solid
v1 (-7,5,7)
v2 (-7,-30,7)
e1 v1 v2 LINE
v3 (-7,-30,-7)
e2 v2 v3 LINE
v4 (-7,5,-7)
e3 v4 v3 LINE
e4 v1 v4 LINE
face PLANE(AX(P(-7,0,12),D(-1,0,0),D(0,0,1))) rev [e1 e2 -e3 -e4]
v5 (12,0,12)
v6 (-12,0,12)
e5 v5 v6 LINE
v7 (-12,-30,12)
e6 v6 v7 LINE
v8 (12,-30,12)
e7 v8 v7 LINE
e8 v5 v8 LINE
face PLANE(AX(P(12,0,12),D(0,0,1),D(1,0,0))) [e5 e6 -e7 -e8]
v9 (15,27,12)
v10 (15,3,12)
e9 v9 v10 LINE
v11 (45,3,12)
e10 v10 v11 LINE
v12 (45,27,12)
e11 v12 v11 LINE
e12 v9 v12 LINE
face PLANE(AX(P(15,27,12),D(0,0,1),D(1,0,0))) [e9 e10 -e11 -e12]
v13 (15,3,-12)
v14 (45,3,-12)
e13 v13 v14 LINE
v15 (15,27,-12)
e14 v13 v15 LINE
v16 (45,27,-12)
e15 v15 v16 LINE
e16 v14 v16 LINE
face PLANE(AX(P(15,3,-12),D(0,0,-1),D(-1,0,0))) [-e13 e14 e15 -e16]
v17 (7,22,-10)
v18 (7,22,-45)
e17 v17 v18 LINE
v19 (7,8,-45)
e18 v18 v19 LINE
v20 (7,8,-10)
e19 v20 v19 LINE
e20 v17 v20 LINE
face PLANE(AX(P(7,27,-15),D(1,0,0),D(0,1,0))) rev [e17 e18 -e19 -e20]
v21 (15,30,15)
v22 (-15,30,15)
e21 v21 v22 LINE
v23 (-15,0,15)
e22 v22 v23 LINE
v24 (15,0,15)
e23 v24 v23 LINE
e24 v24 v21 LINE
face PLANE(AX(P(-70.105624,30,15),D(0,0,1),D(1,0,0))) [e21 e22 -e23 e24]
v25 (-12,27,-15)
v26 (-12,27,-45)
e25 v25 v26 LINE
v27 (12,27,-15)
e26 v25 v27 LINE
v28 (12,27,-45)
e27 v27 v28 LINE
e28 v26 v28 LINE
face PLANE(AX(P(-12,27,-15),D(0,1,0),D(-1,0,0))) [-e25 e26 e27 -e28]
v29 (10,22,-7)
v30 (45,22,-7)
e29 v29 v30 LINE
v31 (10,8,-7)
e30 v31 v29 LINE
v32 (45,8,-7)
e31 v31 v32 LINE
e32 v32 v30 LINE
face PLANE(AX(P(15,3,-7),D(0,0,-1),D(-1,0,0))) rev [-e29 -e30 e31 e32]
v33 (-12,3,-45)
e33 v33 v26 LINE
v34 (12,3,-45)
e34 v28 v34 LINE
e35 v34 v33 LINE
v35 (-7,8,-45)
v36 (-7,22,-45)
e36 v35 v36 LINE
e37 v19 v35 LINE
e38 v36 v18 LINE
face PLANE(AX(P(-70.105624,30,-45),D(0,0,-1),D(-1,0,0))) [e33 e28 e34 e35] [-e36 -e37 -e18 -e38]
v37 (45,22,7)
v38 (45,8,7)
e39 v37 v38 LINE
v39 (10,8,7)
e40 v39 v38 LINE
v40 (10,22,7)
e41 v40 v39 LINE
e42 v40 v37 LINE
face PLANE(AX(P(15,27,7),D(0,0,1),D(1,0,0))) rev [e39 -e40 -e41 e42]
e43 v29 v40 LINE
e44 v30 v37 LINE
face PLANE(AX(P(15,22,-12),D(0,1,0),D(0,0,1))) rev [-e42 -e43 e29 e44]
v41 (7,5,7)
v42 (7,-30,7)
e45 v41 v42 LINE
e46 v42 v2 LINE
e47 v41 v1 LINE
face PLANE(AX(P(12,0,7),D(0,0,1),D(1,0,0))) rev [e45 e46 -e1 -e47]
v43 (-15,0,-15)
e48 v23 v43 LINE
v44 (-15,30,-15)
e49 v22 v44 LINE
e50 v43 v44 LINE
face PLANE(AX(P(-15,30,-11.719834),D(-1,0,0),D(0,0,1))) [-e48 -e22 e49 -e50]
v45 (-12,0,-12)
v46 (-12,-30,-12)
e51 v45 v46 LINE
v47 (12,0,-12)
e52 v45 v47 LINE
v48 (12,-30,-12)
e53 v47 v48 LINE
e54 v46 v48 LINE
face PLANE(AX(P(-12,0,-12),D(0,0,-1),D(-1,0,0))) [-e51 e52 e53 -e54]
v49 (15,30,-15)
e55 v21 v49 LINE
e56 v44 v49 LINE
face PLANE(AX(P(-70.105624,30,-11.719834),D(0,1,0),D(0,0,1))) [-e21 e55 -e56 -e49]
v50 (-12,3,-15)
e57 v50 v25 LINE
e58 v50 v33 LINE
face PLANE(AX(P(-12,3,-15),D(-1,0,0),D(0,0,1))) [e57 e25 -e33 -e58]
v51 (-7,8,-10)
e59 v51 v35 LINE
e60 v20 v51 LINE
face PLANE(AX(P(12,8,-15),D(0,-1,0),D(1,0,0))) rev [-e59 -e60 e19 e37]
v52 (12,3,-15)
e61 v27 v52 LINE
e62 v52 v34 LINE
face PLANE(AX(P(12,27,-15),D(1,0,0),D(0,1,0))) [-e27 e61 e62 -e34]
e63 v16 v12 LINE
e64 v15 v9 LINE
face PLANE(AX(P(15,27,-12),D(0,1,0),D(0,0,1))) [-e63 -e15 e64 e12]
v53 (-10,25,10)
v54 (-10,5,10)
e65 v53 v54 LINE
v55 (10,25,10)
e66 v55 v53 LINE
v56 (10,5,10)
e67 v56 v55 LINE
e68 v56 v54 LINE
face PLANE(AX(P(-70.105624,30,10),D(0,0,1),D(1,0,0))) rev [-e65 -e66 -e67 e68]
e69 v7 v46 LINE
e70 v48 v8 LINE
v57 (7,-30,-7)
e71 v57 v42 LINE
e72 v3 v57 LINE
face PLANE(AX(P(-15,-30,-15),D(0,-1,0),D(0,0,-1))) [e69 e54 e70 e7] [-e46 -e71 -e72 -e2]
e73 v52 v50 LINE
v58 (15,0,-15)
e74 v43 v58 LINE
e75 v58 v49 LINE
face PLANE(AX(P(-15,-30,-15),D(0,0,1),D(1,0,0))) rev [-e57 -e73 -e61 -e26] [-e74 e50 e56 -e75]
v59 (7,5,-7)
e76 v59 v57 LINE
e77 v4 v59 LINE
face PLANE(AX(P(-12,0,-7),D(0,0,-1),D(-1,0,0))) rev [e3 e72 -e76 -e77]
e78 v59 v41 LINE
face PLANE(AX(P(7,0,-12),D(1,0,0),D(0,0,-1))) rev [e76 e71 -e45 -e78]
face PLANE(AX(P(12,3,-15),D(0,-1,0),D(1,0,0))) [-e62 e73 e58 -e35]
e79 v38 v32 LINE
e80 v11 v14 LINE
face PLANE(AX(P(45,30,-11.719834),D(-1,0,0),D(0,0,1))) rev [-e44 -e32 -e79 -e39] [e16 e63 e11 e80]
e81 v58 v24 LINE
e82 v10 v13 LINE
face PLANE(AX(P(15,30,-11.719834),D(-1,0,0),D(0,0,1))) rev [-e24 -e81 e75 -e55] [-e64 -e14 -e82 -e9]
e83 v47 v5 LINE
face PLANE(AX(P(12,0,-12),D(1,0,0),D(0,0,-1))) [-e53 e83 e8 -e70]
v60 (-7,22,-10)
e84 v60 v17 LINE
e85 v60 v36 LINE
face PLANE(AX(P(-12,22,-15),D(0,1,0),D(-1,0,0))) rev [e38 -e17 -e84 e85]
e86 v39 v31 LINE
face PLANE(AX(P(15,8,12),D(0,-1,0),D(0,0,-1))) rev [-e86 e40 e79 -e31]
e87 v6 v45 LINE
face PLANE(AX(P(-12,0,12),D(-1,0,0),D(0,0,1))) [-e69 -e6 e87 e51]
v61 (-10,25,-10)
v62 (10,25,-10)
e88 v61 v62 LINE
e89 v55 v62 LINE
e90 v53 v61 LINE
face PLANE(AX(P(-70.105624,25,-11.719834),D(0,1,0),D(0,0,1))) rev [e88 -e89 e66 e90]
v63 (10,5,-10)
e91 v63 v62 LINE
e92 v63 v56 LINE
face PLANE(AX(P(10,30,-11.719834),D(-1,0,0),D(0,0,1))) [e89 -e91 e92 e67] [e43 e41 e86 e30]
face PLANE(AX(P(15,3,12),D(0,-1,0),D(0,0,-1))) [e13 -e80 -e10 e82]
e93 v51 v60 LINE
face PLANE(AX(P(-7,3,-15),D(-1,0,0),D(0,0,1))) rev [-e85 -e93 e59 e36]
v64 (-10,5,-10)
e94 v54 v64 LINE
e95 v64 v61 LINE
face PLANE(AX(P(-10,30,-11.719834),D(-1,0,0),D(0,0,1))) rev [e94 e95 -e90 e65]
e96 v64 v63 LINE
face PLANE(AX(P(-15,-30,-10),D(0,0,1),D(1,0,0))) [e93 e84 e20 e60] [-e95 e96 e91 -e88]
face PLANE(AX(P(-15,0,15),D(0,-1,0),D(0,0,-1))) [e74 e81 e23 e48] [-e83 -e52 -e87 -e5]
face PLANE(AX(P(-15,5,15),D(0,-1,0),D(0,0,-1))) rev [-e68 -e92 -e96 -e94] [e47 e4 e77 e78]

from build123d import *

# Parameters (mm, degrees)
CROQUIS1_W     = 30
CROQUIS1_H     = 30
EXTRUIR1_DEPTH = 30
CROQUIS5_W     = 30
CROQUIS5_H     = 30
EXTRUIR4_DEPTH = 30
CROQUIS2_W     = 30
CROQUIS2_H     = 30
CROQUIS2_W_2   = 24
CROQUIS2_H_2   = 24
EXTRUIR2_DEPTH = 30
CROQUIS3_W     = 30
CROQUIS3_H     = 30
CROQUIS3_W_2   = 24
CROQUIS3_H_2   = 24
EXTRUIR3_DEPTH = 30
CROQUIS7_W     = 30
CROQUIS7_H     = 30
CROQUIS7_W_2   = 24
CROQUIS7_H_2   = 24
EXTRUIR5_DEPTH = 30
VACIADO1_T     = -5


with BuildPart() as part:
    # Croquis1 → Extruir1 (new body)
    with BuildSketch(Plane(origin=(0, 0, 0), x_dir=(1, 0, 0), z_dir=(0, 1, 0))):
        with Locations((0, 30)):
            Rectangle(CROQUIS1_W, CROQUIS1_H)
        Rectangle(CROQUIS1_W, CROQUIS1_H)
        with Locations((30, 0)):
            Rectangle(CROQUIS1_W, CROQUIS1_H)
    extrude(amount=EXTRUIR1_DEPTH)

    # Croquis5 → Extruir4 (add)
    with BuildSketch(Plane.XZ):
        Rectangle(CROQUIS5_W, CROQUIS5_H)
    extrude(amount=EXTRUIR4_DEPTH)

    # Croquis2 → Extruir2 (cut)
    with BuildSketch(Plane(origin=(45, 0, 0), x_dir=(0, 0, -1), z_dir=(1, 0, 0))):
        with Locations((0, 15)):
            Rectangle(CROQUIS2_W, CROQUIS2_H)
        with Locations((0, 15)):
            Rectangle(CROQUIS2_W_2, CROQUIS2_H_2, mode=Mode.SUBTRACT)
    extrude(amount=-EXTRUIR2_DEPTH, mode=Mode.SUBTRACT)

    # Croquis3 → Extruir3 (cut)
    with BuildSketch(Plane(origin=(0, 0, -45), x_dir=(-1, 0, 0), z_dir=(0, 0, -1))):
        with Locations((0, 15)):
            Rectangle(CROQUIS3_W, CROQUIS3_H)
        with Locations((0, 15)):
            Rectangle(CROQUIS3_W_2, CROQUIS3_H_2, mode=Mode.SUBTRACT)
    extrude(amount=-EXTRUIR3_DEPTH, mode=Mode.SUBTRACT)

    # Croquis7 → Extruir5 (cut)
    with BuildSketch(Plane.XZ.offset(30)):
        Rectangle(CROQUIS7_W, CROQUIS7_H)
        Rectangle(CROQUIS7_W_2, CROQUIS7_H_2, mode=Mode.SUBTRACT)
    extrude(amount=-EXTRUIR5_DEPTH, mode=Mode.SUBTRACT)

    # Vaciado1
    vaciado1_openings = [part.faces().sort_by_distance(p)[0] for p in [
        (45, 15, 0),
        (0, 15, -45),
        (0, -30, 0),
    ]]
    offset(amount=VACIADO1_T, openings=vaciado1_openings, kind=Kind.INTERSECTION)


solid = part.part
